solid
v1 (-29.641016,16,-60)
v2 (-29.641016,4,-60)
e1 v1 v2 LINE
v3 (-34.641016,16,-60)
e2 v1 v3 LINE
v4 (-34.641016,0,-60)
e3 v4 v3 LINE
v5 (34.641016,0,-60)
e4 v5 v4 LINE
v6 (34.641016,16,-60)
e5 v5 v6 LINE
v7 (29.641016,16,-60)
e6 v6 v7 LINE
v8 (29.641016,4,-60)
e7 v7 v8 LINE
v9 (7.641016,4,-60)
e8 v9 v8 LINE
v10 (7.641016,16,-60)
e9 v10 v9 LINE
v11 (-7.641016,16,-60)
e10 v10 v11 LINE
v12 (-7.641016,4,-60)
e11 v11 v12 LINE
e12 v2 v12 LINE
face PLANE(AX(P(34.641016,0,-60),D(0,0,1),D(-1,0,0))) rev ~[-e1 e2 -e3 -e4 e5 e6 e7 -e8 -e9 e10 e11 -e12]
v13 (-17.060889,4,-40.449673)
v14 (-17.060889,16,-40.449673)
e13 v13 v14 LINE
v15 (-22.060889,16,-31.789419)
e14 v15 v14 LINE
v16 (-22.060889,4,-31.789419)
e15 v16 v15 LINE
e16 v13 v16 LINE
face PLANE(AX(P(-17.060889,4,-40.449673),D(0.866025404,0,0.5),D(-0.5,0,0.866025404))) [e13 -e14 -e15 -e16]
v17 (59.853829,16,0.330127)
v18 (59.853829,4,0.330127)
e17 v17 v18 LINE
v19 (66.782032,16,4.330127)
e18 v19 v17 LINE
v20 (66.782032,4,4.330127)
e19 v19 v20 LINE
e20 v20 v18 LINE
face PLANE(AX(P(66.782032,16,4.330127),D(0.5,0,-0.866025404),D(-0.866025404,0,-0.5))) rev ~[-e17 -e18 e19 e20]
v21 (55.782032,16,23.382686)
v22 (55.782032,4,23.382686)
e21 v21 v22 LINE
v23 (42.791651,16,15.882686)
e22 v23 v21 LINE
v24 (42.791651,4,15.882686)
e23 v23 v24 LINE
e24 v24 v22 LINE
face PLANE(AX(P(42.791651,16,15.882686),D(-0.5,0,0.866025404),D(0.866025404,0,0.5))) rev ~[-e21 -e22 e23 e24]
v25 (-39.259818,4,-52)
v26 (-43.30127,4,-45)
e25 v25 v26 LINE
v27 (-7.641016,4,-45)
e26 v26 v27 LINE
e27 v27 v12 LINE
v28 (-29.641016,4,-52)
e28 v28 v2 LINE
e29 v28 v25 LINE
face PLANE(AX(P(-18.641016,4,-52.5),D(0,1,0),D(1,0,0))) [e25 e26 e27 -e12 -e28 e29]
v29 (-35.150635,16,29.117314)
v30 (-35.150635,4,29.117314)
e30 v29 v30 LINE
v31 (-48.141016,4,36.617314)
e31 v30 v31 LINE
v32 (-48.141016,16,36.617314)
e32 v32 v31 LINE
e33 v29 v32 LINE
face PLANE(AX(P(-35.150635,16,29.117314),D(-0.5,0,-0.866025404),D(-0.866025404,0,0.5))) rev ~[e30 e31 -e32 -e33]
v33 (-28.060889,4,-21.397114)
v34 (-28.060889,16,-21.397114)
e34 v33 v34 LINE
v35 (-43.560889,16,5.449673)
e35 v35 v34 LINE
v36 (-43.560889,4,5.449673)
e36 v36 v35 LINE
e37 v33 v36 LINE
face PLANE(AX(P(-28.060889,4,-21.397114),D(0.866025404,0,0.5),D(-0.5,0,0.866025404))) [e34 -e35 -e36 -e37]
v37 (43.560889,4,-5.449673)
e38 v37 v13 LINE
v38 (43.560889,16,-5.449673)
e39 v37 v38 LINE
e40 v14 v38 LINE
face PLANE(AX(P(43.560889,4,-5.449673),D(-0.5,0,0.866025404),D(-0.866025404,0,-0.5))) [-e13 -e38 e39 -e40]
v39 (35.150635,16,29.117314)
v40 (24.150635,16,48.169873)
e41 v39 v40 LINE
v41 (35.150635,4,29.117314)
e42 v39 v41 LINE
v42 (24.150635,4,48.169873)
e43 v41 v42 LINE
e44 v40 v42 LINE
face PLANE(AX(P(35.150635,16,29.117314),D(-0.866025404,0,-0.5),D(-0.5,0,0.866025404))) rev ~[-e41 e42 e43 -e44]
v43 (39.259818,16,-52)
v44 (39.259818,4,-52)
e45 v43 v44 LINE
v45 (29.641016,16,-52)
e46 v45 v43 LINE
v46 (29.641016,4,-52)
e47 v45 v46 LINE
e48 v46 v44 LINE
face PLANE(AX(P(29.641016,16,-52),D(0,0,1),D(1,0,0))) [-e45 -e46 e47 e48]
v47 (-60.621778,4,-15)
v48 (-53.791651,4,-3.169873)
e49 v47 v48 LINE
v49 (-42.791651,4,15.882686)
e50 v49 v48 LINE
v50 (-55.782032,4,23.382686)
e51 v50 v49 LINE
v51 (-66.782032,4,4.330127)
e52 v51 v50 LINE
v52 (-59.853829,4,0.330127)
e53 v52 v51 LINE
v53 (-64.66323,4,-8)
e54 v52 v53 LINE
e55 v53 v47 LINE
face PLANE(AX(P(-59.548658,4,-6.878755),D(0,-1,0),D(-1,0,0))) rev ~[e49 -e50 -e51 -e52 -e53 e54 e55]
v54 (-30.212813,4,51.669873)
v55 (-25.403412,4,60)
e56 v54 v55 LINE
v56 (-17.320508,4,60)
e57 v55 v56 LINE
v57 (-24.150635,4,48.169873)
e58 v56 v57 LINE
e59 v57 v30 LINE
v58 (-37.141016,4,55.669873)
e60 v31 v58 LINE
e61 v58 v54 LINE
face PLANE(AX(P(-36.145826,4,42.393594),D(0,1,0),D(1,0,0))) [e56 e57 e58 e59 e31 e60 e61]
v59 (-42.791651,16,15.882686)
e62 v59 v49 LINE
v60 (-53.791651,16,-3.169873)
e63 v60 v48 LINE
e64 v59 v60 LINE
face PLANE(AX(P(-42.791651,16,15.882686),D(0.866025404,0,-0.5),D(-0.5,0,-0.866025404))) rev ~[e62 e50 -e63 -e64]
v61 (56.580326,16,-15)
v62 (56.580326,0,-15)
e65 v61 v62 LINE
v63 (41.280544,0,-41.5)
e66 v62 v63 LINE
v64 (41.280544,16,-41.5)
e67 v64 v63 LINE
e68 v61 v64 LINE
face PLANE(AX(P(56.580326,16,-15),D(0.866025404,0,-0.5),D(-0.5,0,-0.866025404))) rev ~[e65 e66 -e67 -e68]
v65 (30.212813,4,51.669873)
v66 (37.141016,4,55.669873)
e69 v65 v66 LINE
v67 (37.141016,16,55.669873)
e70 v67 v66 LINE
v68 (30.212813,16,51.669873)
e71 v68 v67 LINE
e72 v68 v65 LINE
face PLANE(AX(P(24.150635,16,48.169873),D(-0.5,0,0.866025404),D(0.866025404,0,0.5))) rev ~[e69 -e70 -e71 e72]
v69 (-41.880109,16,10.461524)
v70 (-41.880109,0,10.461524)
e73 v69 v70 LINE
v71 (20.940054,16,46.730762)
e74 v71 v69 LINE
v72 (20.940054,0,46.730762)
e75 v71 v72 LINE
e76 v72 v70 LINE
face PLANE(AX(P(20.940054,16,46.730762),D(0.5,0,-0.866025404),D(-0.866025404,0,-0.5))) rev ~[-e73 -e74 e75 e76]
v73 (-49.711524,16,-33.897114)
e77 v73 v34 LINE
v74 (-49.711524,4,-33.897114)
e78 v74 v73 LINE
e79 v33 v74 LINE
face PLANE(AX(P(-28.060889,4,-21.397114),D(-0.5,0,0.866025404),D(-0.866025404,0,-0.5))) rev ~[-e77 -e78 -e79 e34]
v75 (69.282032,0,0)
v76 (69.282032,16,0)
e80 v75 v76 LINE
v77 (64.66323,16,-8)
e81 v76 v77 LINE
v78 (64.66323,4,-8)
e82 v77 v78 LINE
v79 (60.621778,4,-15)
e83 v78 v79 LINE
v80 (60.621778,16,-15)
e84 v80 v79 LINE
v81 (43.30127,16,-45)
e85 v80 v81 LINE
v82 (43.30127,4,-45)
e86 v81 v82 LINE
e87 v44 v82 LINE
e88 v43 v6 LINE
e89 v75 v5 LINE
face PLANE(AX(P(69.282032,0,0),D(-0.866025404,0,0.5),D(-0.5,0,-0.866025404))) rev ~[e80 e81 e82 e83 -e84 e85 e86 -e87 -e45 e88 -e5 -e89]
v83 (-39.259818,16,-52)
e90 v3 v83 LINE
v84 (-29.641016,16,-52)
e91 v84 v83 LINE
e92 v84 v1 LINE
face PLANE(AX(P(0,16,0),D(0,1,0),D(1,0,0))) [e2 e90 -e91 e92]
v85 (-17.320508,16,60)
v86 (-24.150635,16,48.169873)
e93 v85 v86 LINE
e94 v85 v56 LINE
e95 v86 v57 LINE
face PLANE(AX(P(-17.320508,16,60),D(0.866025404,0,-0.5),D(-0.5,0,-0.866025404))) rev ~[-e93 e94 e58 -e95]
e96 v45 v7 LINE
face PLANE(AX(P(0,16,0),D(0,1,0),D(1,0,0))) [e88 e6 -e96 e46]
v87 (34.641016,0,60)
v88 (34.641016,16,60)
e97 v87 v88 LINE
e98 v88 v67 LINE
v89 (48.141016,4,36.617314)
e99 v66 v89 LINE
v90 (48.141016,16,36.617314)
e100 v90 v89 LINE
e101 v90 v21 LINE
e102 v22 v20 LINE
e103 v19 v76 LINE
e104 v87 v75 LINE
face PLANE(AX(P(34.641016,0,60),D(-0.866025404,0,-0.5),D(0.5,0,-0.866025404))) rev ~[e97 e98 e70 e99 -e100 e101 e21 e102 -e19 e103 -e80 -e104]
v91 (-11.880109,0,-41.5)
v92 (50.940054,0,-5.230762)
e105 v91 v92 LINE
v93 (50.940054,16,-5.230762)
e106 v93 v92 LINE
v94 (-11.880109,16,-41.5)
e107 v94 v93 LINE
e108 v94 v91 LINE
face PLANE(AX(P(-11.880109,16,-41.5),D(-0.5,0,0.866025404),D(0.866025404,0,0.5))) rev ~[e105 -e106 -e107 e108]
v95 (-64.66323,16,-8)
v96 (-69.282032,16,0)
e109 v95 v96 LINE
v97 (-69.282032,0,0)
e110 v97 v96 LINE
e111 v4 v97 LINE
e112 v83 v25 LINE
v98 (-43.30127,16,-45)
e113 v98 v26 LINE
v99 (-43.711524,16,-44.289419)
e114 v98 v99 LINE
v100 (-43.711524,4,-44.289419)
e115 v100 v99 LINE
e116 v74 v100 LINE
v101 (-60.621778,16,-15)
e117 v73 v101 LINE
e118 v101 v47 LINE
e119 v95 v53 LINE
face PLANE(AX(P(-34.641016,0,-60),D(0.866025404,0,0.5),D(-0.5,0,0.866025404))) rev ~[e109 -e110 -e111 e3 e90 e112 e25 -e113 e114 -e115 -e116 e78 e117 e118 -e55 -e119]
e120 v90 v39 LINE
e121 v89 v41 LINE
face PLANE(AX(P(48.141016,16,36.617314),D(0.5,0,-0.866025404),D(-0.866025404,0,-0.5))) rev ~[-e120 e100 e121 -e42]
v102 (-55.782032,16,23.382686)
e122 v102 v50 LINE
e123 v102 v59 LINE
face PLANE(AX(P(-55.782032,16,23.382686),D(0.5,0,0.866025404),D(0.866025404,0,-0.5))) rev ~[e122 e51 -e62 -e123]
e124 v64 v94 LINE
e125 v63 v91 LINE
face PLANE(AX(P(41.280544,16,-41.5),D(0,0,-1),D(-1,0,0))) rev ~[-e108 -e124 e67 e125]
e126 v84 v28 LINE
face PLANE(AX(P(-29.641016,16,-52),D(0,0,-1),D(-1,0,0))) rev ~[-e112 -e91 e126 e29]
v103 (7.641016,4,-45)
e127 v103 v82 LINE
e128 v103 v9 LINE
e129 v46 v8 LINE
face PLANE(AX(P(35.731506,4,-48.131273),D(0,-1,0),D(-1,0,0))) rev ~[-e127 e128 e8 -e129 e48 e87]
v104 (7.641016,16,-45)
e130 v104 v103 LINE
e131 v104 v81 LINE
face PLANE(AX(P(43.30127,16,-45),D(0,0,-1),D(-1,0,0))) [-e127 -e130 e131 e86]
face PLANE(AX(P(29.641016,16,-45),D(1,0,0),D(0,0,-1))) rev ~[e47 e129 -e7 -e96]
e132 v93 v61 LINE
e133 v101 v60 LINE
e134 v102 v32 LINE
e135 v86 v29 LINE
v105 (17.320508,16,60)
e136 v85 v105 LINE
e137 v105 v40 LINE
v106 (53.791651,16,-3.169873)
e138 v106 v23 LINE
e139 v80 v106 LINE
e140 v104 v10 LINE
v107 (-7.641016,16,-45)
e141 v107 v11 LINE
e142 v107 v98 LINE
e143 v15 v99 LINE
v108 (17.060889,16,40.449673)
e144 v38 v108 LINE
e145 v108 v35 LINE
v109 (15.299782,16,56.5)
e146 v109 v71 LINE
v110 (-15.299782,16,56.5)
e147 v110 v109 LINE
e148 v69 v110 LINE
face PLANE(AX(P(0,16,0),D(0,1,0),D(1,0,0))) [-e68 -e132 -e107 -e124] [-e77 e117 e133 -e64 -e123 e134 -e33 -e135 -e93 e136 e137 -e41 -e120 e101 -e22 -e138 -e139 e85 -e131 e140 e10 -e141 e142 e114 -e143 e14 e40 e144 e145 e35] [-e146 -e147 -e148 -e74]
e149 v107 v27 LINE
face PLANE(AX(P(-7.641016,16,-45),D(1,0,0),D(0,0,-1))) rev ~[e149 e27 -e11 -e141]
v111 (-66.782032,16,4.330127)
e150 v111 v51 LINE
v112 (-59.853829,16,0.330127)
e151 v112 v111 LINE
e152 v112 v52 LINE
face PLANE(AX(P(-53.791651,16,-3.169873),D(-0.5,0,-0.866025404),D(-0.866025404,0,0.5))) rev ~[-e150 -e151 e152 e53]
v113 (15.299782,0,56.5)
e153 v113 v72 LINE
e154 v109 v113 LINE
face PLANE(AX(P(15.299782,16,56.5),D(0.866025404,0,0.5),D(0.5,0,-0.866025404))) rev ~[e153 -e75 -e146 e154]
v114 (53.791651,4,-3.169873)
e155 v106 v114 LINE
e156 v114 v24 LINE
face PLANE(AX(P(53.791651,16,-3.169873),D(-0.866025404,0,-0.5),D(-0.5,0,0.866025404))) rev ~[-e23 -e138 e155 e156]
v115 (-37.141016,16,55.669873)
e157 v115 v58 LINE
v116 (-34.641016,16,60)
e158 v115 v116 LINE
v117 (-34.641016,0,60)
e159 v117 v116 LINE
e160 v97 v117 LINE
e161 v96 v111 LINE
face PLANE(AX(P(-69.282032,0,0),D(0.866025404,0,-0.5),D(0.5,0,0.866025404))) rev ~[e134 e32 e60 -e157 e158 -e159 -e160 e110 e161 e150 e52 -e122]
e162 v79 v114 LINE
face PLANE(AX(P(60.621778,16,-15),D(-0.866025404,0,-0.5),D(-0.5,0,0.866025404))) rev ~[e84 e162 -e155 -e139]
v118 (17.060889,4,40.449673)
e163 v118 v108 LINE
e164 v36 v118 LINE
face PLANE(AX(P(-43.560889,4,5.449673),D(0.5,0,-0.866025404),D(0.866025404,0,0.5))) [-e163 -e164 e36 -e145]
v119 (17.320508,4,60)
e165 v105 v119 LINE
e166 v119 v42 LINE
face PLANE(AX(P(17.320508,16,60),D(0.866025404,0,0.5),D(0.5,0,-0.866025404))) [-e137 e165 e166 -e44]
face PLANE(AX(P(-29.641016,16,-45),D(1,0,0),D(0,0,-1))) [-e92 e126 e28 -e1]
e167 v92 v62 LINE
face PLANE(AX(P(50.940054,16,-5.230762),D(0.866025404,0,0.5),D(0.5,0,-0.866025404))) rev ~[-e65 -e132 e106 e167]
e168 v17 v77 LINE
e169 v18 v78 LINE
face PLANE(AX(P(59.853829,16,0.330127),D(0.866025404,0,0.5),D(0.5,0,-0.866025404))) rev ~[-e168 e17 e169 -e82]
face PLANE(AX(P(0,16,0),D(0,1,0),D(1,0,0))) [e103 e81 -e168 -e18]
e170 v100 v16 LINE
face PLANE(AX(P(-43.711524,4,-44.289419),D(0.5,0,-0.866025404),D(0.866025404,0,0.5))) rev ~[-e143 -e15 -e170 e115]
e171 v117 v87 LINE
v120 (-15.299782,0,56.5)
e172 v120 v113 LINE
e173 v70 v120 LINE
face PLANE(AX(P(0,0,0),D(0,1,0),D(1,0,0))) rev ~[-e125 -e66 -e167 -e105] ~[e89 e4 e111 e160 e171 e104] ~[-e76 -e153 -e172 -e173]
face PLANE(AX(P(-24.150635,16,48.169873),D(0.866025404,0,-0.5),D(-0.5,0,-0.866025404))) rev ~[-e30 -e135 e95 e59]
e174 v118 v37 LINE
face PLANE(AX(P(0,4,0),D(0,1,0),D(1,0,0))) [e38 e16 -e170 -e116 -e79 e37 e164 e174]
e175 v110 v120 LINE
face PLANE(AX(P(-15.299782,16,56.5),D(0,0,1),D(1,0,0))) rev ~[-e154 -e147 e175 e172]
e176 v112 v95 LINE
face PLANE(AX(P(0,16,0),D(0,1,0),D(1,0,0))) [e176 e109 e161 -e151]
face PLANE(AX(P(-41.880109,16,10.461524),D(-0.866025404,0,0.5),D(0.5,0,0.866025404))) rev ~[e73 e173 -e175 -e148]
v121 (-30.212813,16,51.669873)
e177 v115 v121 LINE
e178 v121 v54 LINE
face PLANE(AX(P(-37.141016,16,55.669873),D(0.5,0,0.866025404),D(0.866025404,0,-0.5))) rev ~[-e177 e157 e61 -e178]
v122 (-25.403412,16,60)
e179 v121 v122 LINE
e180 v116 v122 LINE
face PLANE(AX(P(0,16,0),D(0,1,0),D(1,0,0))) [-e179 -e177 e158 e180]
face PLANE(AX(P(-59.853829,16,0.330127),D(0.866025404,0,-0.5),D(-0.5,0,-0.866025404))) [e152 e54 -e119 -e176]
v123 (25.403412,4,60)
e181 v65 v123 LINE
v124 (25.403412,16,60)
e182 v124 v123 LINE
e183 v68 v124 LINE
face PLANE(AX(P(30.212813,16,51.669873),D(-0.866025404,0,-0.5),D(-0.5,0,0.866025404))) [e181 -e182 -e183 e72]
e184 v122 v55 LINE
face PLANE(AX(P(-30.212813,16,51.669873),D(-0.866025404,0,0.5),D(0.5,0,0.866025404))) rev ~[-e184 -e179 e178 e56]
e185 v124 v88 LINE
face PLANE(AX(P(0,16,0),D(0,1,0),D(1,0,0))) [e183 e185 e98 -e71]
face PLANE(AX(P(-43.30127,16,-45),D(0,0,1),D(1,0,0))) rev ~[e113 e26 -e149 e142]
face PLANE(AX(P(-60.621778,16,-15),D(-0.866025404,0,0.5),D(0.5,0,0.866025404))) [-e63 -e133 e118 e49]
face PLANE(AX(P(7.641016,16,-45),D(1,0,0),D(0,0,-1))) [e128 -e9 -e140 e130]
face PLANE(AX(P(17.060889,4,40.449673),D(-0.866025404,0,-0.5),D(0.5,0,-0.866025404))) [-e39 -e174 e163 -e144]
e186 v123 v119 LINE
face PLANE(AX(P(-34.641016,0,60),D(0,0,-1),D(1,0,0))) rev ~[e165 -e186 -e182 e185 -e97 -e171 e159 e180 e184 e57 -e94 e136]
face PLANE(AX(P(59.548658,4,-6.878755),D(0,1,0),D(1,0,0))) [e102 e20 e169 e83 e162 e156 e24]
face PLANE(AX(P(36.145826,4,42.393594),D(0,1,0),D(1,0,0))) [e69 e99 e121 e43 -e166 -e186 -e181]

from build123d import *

# Parameters (mm, degrees)
BOSS_EXTRUDE1_DEPTH     = 16
SKETCH2_W               = 22
SKETCH2_H               = 15
CUT_EXTRUDE1_DEPTH      = 12
CUT_EXTRUDE2_DEPTH      = 94.037626797
CUT_EXTRUDE2_DEPTH_BACK = 12
CUT_EXTRUDE4_DEPTH      = 12
CUT_EXTRUDE5_DEPTH      = 94.037626797


with BuildPart() as part:
    # Sketch1 → Boss-Extrude1 (new body)
    with BuildSketch(Plane(origin=(0, 0, 0), x_dir=(1, 0, 0), z_dir=(0, 1, 0))):
        Polygon((69.282032303, 0), (34.641016151, 60), (-34.641016151, 60), (-69.282032303, 0), (-34.641016151, -60), (34.641016151, -60), align=None)
    extrude(amount=BOSS_EXTRUDE1_DEPTH)

    # Sketch2 → Cut-Extrude1 (cut)
    with BuildSketch(Plane(origin=(0, 16, 0), x_dir=(1, 0, 0), z_dir=(0, 1, 0))):
        with Locations((-18.641016151, 52.5)):
            Rectangle(SKETCH2_W, SKETCH2_H)
        with Locations((18.641016151, 52.5)):
            Rectangle(SKETCH2_W, SKETCH2_H)
        Polygon((66.782032303, -4.330127019), (53.791651246, 3.169872981), (42.791651246, -15.882685902), (55.782032303, -23.382685902), align=None)
        Polygon((48.141016151, -36.617314098), (35.150635095, -29.117314098), (24.150635095, -48.169872981), (37.141016151, -55.669872981), align=None)
        Polygon((-37.141016151, -55.669872981), (-24.150635095, -48.169872981), (-35.150635095, -29.117314098), (-48.141016151, -36.617314098), align=None)
        Polygon((-55.782032303, -23.382685902), (-42.791651246, -15.882685902), (-53.791651246, 3.169872981), (-66.782032303, -4.330127019), align=None)
    extrude(amount=-CUT_EXTRUDE1_DEPTH, mode=Mode.SUBTRACT)

    # Sketch3 → Cut-Extrude2 (cut, two sides: drawn at the far end of the back side and taken through both)
    with BuildSketch(Plane(origin=(0, 16, 0), x_dir=(1, 0, 0), z_dir=(0, 1, 0)).offset(-CUT_EXTRUDE2_DEPTH_BACK)):
        Polygon((-43.560889132, -5.4496732), (17.060889132, -40.4496732), (43.560889132, 5.4496732), (-17.060889132, 40.4496732), align=None)
        Polygon((-22.060889132, 31.789419162), (-28.060889132, 21.397114317), (-49.711524227, 33.897114317), (-43.711524227, 44.289419162), align=None)
    extrude(amount=CUT_EXTRUDE2_DEPTH + CUT_EXTRUDE2_DEPTH_BACK, mode=Mode.SUBTRACT)

    # Sketch4 → Cut-Extrude4 (cut)
    with BuildSketch(Plane(origin=(0, 16, 0), x_dir=(1, 0, 0), z_dir=(0, 1, 0))):
        Polygon((-53.791651246, 3.169872981), (-59.853829072, -0.330127019), (-64.663230149, 8), (-60.621778265, 15), align=None)
        Polygon((-24.150635095, -48.169872981), (-30.212812921, -51.669872981), (-25.403411844, -60), (-17.320508076, -60), align=None)
        Polygon((43.301270189, 45), (29.641016151, 45), (29.641016151, 52), (39.259818305, 52), align=None)
        Polygon((-43.301270189, 45), (-29.641016151, 45), (-29.641016151, 52), (-39.259818305, 52), align=None)
        Polygon((17.320508076, -60), (24.150635095, -48.169872981), (30.212812921, -51.669872981), (25.403411844, -60), align=None)
        Polygon((60.621778265, 15), (53.791651246, 3.169872981), (59.853829072, -0.330127019), (64.663230149, 8), align=None)
    extrude(amount=-CUT_EXTRUDE4_DEPTH, mode=Mode.SUBTRACT)

    # Sketch7 → Cut-Extrude5 (cut, through all)
    with BuildSketch(Plane(origin=(0, 16, 0), x_dir=(1, 0, 0), z_dir=(0, 1, 0))):
        Polygon((-41.880108514, -10.461524227), (-15.299782134, -56.5), (15.299782134, -56.5), (20.940054257, -46.730762114), align=None)
        Polygon((-11.880108514, 41.5), (50.940054257, 5.230762114), (56.580326381, 15), (41.280544247, 41.5), align=None)
    extrude(amount=-CUT_EXTRUDE5_DEPTH, mode=Mode.SUBTRACT)


solid = part.part
